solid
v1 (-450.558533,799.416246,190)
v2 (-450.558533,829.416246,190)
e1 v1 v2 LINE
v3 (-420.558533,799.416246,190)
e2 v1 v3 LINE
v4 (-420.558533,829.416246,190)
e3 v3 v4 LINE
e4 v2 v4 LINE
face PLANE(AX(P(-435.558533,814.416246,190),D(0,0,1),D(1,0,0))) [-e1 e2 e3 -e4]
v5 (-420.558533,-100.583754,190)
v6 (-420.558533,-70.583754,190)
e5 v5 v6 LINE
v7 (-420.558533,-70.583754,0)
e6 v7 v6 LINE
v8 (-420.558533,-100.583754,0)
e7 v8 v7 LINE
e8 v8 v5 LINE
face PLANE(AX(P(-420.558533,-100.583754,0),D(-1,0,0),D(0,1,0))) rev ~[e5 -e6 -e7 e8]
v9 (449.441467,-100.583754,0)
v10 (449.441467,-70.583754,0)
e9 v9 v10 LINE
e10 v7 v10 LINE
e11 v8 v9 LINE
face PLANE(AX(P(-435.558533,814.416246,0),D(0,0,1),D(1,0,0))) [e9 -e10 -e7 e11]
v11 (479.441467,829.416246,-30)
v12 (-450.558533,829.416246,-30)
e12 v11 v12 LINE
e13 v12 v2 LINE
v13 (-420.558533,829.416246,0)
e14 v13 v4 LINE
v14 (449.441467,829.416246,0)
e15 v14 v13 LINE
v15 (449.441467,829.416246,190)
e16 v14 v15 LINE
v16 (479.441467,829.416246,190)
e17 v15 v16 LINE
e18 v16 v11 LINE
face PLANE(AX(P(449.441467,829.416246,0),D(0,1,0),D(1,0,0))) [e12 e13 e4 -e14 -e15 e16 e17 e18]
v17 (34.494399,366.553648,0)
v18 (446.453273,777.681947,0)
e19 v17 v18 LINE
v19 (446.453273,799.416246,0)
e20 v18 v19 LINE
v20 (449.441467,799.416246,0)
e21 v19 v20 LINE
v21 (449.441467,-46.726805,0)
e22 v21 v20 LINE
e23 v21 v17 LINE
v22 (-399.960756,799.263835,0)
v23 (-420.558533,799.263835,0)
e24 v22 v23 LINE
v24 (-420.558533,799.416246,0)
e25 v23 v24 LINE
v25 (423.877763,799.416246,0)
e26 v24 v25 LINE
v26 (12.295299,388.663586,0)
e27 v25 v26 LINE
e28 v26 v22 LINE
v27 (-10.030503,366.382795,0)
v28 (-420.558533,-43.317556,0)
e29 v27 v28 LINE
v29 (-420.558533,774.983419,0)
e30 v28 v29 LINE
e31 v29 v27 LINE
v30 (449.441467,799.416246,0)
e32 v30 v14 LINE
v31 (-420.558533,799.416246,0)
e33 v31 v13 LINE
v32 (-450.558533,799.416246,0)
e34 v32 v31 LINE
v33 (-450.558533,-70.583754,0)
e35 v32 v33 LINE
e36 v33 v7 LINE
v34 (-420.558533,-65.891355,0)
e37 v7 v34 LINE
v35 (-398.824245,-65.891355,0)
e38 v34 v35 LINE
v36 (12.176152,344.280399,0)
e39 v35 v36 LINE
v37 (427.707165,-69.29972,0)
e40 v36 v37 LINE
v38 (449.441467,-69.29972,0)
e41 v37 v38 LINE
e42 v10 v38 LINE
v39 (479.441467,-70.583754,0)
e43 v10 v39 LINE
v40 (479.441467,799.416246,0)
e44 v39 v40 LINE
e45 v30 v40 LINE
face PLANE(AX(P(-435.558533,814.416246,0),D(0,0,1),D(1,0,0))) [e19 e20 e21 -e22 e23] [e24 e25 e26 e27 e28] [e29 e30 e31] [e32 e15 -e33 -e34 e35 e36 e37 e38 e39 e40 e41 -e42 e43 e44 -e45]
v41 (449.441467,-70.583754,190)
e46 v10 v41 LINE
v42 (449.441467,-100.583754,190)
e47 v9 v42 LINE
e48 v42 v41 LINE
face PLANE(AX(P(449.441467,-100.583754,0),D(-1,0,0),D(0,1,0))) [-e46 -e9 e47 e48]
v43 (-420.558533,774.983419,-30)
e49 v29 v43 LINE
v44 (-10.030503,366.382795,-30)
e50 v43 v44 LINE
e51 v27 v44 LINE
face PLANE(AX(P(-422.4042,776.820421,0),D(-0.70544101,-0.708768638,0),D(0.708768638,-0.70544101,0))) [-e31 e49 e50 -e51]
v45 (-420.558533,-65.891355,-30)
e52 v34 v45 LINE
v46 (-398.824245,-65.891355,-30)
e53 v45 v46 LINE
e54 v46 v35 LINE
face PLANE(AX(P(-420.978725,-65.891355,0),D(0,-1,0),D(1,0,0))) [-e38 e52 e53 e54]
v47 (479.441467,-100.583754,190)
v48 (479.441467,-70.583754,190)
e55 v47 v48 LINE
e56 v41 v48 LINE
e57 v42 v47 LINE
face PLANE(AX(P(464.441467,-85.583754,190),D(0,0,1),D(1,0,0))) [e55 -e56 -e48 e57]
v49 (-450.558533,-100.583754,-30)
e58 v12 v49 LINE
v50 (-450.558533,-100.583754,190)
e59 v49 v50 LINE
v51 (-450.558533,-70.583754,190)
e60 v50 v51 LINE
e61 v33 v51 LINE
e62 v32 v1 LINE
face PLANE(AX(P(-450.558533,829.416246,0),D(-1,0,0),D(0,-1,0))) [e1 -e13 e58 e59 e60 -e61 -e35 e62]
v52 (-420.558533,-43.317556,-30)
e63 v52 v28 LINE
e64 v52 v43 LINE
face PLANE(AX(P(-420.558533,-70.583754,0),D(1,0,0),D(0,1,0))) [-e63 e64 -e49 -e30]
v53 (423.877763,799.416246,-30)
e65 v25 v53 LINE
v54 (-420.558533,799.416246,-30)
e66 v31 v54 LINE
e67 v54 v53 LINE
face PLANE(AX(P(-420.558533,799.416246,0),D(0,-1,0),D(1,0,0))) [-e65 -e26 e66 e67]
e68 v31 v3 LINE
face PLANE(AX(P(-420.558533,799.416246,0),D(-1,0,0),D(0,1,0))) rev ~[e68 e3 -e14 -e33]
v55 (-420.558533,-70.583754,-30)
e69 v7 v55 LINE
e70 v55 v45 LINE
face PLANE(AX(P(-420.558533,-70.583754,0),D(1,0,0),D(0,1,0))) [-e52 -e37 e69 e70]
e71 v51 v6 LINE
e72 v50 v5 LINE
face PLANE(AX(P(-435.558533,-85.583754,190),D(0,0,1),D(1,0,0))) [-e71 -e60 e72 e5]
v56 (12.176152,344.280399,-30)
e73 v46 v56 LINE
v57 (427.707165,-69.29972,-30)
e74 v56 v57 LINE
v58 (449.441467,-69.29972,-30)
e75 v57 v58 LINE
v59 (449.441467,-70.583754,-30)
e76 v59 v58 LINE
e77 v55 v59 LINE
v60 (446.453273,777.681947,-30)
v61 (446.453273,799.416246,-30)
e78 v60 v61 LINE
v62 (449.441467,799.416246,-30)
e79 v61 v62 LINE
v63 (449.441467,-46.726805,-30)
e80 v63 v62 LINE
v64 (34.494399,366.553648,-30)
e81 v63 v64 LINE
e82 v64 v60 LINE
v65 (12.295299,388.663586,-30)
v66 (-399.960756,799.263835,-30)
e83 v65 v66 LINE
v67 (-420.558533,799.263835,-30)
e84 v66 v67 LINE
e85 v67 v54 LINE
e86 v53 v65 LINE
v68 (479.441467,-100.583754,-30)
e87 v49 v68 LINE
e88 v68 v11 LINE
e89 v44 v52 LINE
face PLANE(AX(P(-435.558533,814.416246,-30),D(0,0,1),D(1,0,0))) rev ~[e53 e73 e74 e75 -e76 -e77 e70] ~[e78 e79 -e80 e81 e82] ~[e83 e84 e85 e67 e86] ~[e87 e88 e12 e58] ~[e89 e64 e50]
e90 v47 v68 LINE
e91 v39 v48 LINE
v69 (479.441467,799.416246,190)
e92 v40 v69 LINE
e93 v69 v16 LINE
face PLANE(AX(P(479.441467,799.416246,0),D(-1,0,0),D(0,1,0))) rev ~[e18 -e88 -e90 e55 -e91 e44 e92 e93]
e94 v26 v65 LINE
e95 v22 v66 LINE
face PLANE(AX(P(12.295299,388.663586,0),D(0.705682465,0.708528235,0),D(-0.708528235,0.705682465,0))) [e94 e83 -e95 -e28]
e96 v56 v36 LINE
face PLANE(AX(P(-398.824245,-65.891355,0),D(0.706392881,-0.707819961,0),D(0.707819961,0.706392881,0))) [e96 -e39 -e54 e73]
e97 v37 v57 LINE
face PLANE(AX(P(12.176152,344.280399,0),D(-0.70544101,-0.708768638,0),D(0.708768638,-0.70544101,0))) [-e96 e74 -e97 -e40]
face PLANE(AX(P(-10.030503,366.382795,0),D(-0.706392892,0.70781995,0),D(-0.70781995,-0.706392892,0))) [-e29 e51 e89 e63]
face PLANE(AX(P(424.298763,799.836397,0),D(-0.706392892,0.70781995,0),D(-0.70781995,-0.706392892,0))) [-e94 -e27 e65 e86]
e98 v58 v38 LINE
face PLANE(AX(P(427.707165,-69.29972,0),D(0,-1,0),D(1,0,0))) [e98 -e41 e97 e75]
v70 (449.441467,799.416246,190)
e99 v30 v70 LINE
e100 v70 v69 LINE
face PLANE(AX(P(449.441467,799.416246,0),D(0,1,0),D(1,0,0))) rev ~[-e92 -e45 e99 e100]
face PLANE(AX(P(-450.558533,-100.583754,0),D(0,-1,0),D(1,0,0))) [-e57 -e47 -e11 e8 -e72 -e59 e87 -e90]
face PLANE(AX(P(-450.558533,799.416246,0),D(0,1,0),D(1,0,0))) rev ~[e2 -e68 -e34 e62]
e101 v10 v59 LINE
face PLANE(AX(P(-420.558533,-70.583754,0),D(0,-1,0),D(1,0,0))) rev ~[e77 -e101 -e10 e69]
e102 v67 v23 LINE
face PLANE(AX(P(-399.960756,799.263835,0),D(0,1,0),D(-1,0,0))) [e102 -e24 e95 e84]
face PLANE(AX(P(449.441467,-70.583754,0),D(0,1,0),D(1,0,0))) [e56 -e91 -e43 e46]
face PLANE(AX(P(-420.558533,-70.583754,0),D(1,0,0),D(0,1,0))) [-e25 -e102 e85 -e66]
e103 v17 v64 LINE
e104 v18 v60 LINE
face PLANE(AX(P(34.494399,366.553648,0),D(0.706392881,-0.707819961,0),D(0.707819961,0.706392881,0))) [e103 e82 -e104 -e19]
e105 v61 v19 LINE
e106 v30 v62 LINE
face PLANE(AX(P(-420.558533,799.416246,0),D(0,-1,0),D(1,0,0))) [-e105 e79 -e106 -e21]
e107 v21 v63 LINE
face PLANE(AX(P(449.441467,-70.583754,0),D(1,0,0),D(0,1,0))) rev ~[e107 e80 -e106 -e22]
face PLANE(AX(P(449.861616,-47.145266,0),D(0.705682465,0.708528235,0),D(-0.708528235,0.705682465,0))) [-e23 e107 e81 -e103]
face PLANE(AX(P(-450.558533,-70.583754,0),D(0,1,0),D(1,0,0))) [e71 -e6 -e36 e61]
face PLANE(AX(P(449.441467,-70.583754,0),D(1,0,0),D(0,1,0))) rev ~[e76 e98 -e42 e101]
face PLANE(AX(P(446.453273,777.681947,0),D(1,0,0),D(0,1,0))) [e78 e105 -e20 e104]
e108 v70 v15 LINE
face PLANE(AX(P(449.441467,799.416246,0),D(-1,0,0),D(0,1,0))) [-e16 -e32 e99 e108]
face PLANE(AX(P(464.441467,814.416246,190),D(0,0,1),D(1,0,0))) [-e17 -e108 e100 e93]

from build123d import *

# Parameters (mm, degrees)
F0_W     = 30
F0_H     = 30
F0_W_2   = 870
F0_H_2   = 870
F2_DEPTH = 30
F3_DEPTH = 30
F4_W     = 30
F4_H     = 30
F5_DEPTH = 190
F6_DEPTH = 15


with BuildPart() as f2:
    # F0 (on Top) → F2 (new body)
    with BuildSketch(Plane.XY):
        with Locations((-435.5585327744, 814.4162455201)):
            Rectangle(F0_W, F0_H)
        with Locations((14.4414672256, 814.4162455201)):
            Rectangle(F0_W_2, F0_H)
        with Locations((-435.5585327744, 364.4162455201)):
            Rectangle(F0_W, F0_H_2)
        with Locations((464.4414672256, 814.4162455201)):
            Rectangle(F0_W, F0_H)
        with Locations((-435.5585327744, -85.5837544799)):
            Rectangle(F0_W, F0_H)
        with Locations((464.4414672256, 364.4162455201)):
            Rectangle(F0_W, F0_H_2)
        with Locations((14.4414672256, -85.5837544799)):
            Rectangle(F0_W_2, F0_H)
        with Locations((464.4414672256, -85.5837544799)):
            Rectangle(F0_W, F0_H)
    extrude(amount=-F2_DEPTH)

    # F1 (on face) → F3 (join)
    with BuildSketch(Plane.XY):
        Polygon((-420.9787249565, -43.7369011343), (-420.9787249565, -65.8913552761), (-398.8242447376, -65.8913552761), (12.1761524069, 344.280398684), (-10.0305031789, 366.3827953016), align=None)
        Polygon((12.2952993787, 388.6635861224), (-10.0305031789, 366.3827953016), (12.1761524069, 344.280398684), (34.4943990212, 366.5536481084), align=None)
        Polygon((-422.4041998386, 776.8204212189), (-10.0305031789, 366.3827953016), (12.2952993787, 388.6635861224), (-399.9607563019, 799.2638349533), align=None)
        Polygon((34.4943990212, 366.5536481084), (12.1761524069, 344.280398684), (427.7071654797, -69.2997202277), (449.8616158962, -47.1452660859), align=None)
        Polygon((-422.4041998386, 799.2638349533), (-422.4041998386, 776.8204212189), (-399.9607563019, 799.2638349533), align=None)
        Polygon((424.2987632751, 799.836397171), (12.2952993787, 388.6635861224), (34.4943990212, 366.5536481084), (446.4532732964, 777.6819467545), align=None)
        Polygon((449.8616158962, -47.1452660859), (427.7071654797, -69.2997202277), (449.8616158962, -69.2997202277), align=None)
        Polygon((446.4532732964, 799.836397171), (424.2987632751, 799.836397171), (446.4532732964, 777.6819467545), align=None)
    extrude(amount=-F3_DEPTH)

    # F4 (on face) → F5 (join)
    with BuildSketch(Plane.XY):
        with Locations((464.4414672256, 814.4162455201)):
            Rectangle(F4_W, F4_H)
        with Locations((-435.5585327744, -85.5837544799)):
            Rectangle(F4_W, F4_H)
        with Locations((464.4414672256, -85.5837544799)):
            Rectangle(F4_W, F4_H)
        with Locations((-435.5585327744, 814.4162455201)):
            Rectangle(F4_W, F4_H)
    extrude(amount=F5_DEPTH)

    # F1 (on face) → F6 (join)
    with BuildSketch(Plane.XY):
        Polygon((-420.9787249565, -43.7369011343), (-420.9787249565, -65.8913552761), (-398.8242447376, -65.8913552761), (12.1761524069, 344.280398684), (-10.0305031789, 366.3827953016), align=None)
        Polygon((12.2952993787, 388.6635861224), (-10.0305031789, 366.3827953016), (12.1761524069, 344.280398684), (34.4943990212, 366.5536481084), align=None)
        Polygon((-422.4041998386, 776.8204212189), (-10.0305031789, 366.3827953016), (12.2952993787, 388.6635861224), (-399.9607563019, 799.2638349533), align=None)
        Polygon((34.4943990212, 366.5536481084), (12.1761524069, 344.280398684), (427.7071654797, -69.2997202277), (449.8616158962, -47.1452660859), align=None)
        Polygon((-422.4041998386, 799.2638349533), (-422.4041998386, 776.8204212189), (-399.9607563019, 799.2638349533), align=None)
        Polygon((424.2987632751, 799.836397171), (12.2952993787, 388.6635861224), (34.4943990212, 366.5536481084), (446.4532732964, 777.6819467545), align=None)
        Polygon((449.8616158962, -47.1452660859), (427.7071654797, -69.2997202277), (449.8616158962, -69.2997202277), align=None)
        Polygon((446.4532732964, 799.836397171), (424.2987632751, 799.836397171), (446.4532732964, 777.6819467545), align=None)
    extrude(amount=-F6_DEPTH)


solid = f2.part
